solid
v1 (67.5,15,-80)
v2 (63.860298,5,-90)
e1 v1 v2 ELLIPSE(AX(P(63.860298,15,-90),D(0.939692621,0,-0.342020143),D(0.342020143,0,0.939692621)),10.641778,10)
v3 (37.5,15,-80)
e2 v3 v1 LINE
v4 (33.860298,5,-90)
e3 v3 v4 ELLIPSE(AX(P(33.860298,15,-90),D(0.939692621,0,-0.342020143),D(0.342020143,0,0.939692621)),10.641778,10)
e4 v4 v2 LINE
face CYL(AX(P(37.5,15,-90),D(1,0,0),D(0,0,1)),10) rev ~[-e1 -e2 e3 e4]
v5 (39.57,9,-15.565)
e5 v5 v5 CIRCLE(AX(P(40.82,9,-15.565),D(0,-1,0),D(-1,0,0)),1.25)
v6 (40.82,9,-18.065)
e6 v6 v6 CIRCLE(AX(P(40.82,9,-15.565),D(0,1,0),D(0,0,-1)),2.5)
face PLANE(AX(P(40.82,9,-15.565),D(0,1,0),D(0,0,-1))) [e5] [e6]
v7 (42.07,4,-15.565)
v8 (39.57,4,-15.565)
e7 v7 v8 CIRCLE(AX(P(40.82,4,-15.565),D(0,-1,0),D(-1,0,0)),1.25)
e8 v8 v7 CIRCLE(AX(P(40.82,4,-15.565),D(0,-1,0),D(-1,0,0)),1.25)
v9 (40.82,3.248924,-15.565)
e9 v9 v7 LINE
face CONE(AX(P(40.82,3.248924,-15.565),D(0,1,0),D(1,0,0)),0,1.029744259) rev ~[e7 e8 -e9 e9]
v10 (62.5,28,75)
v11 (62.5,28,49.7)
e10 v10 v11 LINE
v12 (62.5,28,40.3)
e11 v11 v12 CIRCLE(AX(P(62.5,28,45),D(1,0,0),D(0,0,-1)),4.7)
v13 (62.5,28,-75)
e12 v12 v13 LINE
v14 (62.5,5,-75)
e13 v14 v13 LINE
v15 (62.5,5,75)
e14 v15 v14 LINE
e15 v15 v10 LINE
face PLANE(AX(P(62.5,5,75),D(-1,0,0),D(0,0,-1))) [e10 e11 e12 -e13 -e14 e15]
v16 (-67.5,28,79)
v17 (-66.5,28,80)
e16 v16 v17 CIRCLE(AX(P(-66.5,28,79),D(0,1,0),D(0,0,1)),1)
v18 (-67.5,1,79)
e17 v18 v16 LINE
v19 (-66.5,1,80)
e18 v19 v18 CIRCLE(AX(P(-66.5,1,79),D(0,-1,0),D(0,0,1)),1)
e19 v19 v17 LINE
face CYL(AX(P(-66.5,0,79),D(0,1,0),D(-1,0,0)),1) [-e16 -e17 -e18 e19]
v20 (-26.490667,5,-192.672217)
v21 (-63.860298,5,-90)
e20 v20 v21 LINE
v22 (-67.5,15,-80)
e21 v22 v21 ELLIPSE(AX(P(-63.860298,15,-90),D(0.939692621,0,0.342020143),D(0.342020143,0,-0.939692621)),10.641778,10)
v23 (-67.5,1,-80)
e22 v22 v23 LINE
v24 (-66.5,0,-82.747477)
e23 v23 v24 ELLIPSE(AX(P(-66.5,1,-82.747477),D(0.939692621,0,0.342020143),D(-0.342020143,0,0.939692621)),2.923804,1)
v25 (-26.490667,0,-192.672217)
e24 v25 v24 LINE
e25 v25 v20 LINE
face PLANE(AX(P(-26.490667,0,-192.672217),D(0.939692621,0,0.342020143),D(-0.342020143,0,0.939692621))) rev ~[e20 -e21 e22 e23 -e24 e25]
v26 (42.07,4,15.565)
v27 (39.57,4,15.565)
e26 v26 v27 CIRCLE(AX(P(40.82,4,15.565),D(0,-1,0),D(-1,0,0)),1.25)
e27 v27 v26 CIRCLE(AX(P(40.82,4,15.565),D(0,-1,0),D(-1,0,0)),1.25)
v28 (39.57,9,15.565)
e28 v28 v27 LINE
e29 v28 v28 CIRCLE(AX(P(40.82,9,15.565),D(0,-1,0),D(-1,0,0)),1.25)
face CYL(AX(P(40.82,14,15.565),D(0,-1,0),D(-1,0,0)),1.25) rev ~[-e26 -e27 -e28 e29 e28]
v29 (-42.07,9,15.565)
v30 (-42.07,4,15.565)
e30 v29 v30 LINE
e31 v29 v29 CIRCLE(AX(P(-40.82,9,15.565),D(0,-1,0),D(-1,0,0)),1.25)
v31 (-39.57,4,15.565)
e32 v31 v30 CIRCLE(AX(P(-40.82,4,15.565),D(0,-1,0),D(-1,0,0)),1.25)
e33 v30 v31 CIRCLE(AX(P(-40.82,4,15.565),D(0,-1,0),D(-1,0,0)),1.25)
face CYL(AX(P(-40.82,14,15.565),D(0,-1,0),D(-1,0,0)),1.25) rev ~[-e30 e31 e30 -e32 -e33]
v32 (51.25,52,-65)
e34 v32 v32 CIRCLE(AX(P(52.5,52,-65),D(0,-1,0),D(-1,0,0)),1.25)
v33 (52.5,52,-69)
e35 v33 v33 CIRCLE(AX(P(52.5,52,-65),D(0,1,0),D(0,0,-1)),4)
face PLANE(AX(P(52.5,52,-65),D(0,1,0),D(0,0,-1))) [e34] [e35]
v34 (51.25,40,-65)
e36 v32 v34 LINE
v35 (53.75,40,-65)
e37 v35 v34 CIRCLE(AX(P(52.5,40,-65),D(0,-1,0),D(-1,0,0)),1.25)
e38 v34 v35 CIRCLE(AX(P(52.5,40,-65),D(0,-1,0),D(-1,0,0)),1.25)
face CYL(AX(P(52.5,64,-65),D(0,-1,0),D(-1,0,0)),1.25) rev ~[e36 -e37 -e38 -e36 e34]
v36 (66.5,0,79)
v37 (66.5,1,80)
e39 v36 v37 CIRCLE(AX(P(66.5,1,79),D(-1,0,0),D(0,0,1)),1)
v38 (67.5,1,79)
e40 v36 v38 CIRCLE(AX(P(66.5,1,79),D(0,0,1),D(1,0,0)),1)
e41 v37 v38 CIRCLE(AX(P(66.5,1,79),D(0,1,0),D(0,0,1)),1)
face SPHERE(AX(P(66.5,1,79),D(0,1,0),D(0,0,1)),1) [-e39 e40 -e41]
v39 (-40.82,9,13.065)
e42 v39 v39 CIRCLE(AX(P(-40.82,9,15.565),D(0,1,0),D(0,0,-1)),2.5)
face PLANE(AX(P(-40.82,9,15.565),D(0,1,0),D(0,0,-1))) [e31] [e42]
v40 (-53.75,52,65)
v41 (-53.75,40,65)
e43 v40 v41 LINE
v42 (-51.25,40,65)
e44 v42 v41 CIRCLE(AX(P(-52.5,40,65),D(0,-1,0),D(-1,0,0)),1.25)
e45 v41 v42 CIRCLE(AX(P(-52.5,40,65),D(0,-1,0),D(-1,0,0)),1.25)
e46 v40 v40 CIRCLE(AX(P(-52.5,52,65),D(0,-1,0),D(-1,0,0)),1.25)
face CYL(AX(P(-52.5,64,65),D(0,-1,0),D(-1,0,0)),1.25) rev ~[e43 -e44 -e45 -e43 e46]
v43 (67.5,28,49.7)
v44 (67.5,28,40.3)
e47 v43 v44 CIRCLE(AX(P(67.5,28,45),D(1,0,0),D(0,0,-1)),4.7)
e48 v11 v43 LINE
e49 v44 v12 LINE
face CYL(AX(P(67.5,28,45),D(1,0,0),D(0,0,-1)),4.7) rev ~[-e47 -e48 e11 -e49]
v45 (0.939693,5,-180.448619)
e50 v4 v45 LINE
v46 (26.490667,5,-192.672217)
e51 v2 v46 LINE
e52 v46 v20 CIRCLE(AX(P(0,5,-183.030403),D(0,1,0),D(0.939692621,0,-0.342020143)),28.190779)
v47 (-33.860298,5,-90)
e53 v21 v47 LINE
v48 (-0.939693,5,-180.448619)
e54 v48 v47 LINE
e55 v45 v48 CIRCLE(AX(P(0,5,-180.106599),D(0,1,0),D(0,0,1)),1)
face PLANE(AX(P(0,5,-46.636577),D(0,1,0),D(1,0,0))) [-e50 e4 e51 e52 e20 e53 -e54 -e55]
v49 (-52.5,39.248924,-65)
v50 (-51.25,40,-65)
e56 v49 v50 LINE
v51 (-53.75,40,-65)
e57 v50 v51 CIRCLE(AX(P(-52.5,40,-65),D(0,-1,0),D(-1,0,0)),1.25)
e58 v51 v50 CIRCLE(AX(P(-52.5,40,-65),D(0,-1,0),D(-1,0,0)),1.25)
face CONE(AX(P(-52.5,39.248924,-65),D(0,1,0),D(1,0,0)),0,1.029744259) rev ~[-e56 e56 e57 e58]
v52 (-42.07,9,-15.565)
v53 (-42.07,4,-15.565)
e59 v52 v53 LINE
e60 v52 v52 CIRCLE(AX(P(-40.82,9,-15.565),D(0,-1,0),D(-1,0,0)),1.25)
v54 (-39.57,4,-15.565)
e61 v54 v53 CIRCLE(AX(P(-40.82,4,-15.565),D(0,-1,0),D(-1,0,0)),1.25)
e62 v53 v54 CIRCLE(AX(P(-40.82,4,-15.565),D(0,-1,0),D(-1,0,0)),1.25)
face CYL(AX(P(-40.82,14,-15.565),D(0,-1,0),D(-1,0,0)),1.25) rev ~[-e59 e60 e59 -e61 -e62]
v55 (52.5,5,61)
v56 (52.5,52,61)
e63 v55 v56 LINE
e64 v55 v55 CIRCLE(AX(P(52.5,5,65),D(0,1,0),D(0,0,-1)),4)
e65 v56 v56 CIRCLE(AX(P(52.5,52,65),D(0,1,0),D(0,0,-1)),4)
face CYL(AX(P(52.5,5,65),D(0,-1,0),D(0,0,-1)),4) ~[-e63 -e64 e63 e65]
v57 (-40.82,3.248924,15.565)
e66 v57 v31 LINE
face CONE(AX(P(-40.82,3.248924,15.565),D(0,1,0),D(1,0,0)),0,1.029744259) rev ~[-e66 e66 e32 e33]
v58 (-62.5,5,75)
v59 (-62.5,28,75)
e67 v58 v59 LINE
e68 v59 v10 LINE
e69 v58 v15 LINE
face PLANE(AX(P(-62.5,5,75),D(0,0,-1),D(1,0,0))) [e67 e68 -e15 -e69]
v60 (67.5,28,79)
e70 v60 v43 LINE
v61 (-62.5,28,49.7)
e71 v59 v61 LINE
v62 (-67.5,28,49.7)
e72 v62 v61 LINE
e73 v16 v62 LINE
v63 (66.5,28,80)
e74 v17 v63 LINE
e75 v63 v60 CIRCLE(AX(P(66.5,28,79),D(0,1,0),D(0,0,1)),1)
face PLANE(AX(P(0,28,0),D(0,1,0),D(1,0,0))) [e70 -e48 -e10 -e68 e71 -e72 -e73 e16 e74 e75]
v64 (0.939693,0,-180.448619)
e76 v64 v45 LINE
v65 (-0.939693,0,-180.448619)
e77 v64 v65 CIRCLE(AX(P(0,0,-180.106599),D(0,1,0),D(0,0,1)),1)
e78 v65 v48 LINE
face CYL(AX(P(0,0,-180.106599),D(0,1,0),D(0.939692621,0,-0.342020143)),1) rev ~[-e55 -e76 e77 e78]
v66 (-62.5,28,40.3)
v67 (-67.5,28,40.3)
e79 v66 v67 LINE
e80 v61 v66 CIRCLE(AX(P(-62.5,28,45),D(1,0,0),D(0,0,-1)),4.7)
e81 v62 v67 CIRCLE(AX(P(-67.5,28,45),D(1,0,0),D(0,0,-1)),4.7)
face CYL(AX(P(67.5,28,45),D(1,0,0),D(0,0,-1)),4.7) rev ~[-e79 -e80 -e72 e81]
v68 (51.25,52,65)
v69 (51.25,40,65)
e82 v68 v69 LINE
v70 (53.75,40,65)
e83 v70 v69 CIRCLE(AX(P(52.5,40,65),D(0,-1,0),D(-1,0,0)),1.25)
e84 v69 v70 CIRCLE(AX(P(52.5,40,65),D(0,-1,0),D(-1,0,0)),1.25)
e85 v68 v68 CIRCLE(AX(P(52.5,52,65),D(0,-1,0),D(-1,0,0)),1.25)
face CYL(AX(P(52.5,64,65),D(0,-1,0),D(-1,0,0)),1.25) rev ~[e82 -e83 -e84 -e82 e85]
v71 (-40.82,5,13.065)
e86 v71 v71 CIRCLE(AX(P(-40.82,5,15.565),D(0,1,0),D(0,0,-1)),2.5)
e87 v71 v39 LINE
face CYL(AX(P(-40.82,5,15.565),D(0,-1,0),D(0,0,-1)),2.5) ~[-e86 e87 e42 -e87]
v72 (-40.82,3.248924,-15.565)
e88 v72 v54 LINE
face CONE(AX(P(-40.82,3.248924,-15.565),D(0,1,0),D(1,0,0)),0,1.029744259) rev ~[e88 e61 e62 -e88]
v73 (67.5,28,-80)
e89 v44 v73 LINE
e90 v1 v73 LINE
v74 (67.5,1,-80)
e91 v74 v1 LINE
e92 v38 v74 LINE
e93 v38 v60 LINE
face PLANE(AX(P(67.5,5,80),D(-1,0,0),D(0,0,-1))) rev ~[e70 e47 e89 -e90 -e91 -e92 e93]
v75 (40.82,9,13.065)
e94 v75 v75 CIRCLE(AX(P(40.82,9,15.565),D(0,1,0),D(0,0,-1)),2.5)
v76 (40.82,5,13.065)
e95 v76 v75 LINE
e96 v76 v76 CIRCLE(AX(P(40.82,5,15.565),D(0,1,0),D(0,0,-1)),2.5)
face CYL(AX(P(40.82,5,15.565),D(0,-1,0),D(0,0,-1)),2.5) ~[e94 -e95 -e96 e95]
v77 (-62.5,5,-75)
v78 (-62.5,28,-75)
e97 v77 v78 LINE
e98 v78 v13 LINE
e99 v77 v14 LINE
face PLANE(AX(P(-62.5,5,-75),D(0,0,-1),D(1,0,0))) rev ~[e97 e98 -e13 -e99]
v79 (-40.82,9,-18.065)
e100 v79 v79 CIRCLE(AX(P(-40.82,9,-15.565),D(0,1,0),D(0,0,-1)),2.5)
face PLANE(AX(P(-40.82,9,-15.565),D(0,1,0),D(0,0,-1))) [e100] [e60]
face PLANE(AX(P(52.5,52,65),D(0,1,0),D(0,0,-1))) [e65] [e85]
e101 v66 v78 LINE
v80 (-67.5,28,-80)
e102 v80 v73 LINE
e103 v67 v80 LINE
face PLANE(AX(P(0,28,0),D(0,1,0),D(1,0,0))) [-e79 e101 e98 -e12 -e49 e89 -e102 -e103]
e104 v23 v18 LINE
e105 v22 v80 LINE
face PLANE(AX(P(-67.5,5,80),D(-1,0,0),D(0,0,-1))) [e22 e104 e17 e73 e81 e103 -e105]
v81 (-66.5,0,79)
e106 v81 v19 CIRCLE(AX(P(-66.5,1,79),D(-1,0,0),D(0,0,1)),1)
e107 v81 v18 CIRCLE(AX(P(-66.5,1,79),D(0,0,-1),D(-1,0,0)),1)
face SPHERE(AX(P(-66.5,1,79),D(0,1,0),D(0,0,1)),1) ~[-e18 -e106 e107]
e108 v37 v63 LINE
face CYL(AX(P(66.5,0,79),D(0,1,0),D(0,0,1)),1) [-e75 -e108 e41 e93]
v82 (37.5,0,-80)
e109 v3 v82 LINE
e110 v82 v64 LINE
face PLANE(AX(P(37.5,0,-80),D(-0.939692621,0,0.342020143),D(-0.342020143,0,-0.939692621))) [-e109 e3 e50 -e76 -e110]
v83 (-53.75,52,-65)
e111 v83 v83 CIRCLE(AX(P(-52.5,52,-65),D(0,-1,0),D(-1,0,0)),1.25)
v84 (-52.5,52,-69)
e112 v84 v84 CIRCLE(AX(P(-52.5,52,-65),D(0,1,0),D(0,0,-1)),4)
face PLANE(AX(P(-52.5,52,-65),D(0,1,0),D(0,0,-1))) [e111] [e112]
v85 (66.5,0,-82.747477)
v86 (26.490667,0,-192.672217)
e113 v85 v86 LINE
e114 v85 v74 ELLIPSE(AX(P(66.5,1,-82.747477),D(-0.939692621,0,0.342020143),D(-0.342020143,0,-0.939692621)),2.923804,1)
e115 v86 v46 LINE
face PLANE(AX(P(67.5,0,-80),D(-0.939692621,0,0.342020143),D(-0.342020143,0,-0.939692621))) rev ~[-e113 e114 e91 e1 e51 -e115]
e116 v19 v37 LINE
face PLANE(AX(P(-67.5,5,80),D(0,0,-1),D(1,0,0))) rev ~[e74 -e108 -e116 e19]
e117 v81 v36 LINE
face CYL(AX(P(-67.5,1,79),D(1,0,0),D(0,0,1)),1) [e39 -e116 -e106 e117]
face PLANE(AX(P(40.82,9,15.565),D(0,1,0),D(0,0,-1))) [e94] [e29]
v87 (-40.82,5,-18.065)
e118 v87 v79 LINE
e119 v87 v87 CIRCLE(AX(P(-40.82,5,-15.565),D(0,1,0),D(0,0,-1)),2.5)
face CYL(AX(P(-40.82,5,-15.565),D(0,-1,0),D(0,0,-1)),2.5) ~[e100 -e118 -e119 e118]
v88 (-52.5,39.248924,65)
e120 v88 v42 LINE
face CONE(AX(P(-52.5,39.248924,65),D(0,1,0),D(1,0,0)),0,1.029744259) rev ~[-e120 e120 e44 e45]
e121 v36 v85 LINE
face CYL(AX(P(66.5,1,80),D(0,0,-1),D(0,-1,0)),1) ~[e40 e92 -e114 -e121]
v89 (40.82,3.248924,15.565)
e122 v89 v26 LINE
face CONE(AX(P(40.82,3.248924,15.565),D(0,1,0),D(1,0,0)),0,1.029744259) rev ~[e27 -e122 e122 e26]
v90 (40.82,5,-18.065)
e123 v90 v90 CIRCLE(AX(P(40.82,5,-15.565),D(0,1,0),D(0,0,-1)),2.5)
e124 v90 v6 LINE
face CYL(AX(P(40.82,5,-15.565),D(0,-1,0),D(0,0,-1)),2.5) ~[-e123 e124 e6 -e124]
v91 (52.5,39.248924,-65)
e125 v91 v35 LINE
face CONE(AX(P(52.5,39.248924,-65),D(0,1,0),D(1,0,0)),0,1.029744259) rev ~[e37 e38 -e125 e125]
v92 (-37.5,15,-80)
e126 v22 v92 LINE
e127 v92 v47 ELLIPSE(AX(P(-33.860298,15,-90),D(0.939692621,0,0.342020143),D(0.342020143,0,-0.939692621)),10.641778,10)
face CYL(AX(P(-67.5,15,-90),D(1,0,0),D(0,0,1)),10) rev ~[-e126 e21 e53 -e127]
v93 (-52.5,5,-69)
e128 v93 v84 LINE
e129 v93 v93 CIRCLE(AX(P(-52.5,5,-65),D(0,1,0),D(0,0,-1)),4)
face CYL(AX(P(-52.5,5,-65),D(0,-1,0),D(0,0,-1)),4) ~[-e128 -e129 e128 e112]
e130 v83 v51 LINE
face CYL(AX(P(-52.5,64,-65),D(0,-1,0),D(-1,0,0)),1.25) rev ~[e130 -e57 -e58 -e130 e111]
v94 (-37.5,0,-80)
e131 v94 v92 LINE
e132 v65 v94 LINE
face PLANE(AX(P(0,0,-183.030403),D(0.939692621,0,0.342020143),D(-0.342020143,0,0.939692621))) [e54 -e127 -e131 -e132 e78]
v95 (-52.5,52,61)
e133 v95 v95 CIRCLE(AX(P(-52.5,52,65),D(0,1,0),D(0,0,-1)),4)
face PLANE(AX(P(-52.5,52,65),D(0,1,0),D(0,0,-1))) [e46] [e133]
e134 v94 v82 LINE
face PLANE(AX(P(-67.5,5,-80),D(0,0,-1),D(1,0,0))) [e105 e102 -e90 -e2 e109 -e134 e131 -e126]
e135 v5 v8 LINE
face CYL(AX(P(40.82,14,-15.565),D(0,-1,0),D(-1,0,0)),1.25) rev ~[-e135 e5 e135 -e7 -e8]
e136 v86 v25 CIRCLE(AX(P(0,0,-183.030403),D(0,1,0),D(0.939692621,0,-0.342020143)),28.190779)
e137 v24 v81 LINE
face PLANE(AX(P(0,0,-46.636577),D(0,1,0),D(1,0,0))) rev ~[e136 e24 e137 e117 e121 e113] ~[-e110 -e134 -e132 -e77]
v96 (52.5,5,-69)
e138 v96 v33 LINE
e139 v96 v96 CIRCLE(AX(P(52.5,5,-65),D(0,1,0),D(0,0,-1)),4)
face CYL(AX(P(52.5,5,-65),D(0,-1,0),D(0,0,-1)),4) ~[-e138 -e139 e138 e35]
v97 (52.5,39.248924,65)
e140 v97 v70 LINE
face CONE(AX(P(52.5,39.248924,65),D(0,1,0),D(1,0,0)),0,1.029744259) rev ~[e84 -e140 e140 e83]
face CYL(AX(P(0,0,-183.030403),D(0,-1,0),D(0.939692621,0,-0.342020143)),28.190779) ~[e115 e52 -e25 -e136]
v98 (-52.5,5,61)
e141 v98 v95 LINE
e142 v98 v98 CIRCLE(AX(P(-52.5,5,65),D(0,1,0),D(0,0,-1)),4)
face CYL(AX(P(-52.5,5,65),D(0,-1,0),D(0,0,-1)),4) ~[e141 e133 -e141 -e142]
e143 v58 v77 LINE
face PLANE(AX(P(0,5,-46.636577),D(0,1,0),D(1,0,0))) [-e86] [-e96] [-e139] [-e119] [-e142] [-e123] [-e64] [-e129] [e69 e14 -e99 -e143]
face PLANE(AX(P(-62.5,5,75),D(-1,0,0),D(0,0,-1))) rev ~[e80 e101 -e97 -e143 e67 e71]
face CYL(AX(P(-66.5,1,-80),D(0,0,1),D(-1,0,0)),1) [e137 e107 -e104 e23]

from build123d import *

# Parameters (mm, degrees)
BOSS_EXTRUDE1_DEPTH            = 5
SKETCH2_W                      = 135
SKETCH2_H                      = 160
SKETCH2_W_2                    = 125
SKETCH2_H_2                    = 150
BOSS_EXTRUDE2_DEPTH            = 23
SKETCH3_R                      = 4.7
CUT_EXTRUDE1_DEPTH             = 140
SKETCH4_R                      = 4
BOSS_EXTRUDE3_DEPTH            = 47
F_2_5MM_DOWEL_HOLE1_D          = 2.5
F_2_5MM_DOWEL_HOLE1_DEPTH      = 12
F_2_5MM_DOWEL_HOLE1_TIP        = 0.751075774
FILLET1_R                      = 1
SKETCH8_R                      = 2.5
BOSS_EXTRUDE4_DEPTH            = 4
F_2_5_2_5_DIAMETER_HOLE2_D     = 2.5
F_2_5_2_5_DIAMETER_HOLE2_DEPTH = 5
F_2_5_2_5_DIAMETER_HOLE2_TIP   = 0.751075774
FILLET2_R                      = 10


with BuildPart() as part:
    # Sketch1 → Boss-Extrude1 (new body)
    with BuildSketch(Plane(origin=(0, 0, 0), x_dir=(1, 0, 0), z_dir=(0, 1, 0))):
        with BuildLine():
            Line((-67.5, 80), (-67.5, -80))
            Line((-67.5, -80), (67.5, -80))
            Line((67.5, -80), (67.5, 80))
            Line((67.5, 80), (26.490666647, 192.672217375))
            ThreePointArc((26.490666647, 192.672217375), (0, 211.221181853), (-26.490666647, 192.672217375))
            Line((-26.490666647, 192.672217375), (-67.5, 80))
        make_face()
        Polygon((-37.5, 80), (37.5, 80), (0, 183.03040323), align=None, mode=Mode.SUBTRACT)
    extrude(amount=BOSS_EXTRUDE1_DEPTH)

    # Sketch2 → Boss-Extrude2 (add)
    with BuildSketch(Plane(origin=(0, 5, 0), x_dir=(1, 0, 0), z_dir=(0, 1, 0))):
        Rectangle(SKETCH2_W, SKETCH2_H)
        Rectangle(SKETCH2_W_2, SKETCH2_H_2, mode=Mode.SUBTRACT)
    extrude(amount=BOSS_EXTRUDE2_DEPTH)

    # Sketch3 → Cut-Extrude1 (cut)
    with BuildSketch(Plane(origin=(67.5, 0, 0), x_dir=(0, 0, -1), z_dir=(1, 0, 0))):
        with Locations((-45, 28)):
            Circle(SKETCH3_R)
    extrude(amount=-CUT_EXTRUDE1_DEPTH, mode=Mode.SUBTRACT)

    # Sketch4 → Boss-Extrude3 (add)
    with BuildSketch(Plane(origin=(0, 5, 0), x_dir=(1, 0, 0), z_dir=(0, 1, 0))):
        with Locations(Location((-52.5, 65, 0), (0, 0, 90))):
            Circle(SKETCH4_R)
        with Locations(Location((52.5, 65, 0), (0, 0, 90))):
            Circle(SKETCH4_R)
        with Locations(Location((52.5, -65, 0), (0, 0, 90))):
            Circle(SKETCH4_R)
        with Locations(Location((-52.5, -65, 0), (0, 0, 90))):
            Circle(SKETCH4_R)
    extrude(amount=BOSS_EXTRUDE3_DEPTH)

    # Ø2.5mm Dowel Hole1
    with Locations(Plane(origin=(0, 52, 0), x_dir=(1, 0, 0), z_dir=(0, 1, 0))):
        with Locations((-52.5, 65), (52.5, 65), (52.5, -65), (-52.5, -45), (-52.5, -65)):
            Hole(F_2_5MM_DOWEL_HOLE1_D / 2, depth=F_2_5MM_DOWEL_HOLE1_DEPTH)
            with Locations((0, 0, -(F_2_5MM_DOWEL_HOLE1_DEPTH + F_2_5MM_DOWEL_HOLE1_TIP / 2))):  # 118° drill point
                Cone(0, F_2_5MM_DOWEL_HOLE1_D / 2, F_2_5MM_DOWEL_HOLE1_TIP, mode=Mode.SUBTRACT)

    # Fillet1
    fillet1_edges = [part.edges().sort_by_distance(p)[0] for p in [
        (67.5, 14, 80),
        (-67.5, 14, 80),
        (0, 2.5, -183.03040323),
        (0, 0, 80),
        (-67.5, 0, 0),
        (67.5, 0, 0),
    ]]
    fillet(fillet1_edges, radius=FILLET1_R)

    # Sketch8 → Boss-Extrude4 (add)
    with BuildSketch(Plane(origin=(0, 5, 0), x_dir=(1, 0, 0), z_dir=(0, 1, 0))):
        with Locations(Location((-40.82, 15.565, 0), (0, 0, 90))):
            Circle(SKETCH8_R)
        with Locations(Location((-40.82, -15.565, 0), (0, 0, 90))):
            Circle(SKETCH8_R)
        with Locations(Location((40.82, -15.565, 0), (0, 0, 90))):
            Circle(SKETCH8_R)
        with Locations(Location((40.82, 15.565, 0), (0, 0, 90))):
            Circle(SKETCH8_R)
    extrude(amount=BOSS_EXTRUDE4_DEPTH)

    # Ø2.5 (2.5) Diameter Hole2
    with Locations(Plane(origin=(0, 9, 0), x_dir=(1, 0, 0), z_dir=(0, 1, 0))):
        with Locations((-40.82, 15.565), (-40.82, -15.565), (40.82, -15.565), (40.82, 15.565)):
            Hole(F_2_5_2_5_DIAMETER_HOLE2_D / 2, depth=F_2_5_2_5_DIAMETER_HOLE2_DEPTH)
            with Locations((0, 0, -(F_2_5_2_5_DIAMETER_HOLE2_DEPTH + F_2_5_2_5_DIAMETER_HOLE2_TIP / 2))):  # 118° drill point
                Cone(0, F_2_5_2_5_DIAMETER_HOLE2_D / 2, F_2_5_2_5_DIAMETER_HOLE2_TIP, mode=Mode.SUBTRACT)

    # Fillet2
    fillet2_edges = [part.edges().sort_by_distance(p)[0] for p in [
        (-52.5, 5, -80),
        (52.5, 5, -80),
    ]]
    fillet(fillet2_edges, radius=FILLET2_R)


solid = part.part
